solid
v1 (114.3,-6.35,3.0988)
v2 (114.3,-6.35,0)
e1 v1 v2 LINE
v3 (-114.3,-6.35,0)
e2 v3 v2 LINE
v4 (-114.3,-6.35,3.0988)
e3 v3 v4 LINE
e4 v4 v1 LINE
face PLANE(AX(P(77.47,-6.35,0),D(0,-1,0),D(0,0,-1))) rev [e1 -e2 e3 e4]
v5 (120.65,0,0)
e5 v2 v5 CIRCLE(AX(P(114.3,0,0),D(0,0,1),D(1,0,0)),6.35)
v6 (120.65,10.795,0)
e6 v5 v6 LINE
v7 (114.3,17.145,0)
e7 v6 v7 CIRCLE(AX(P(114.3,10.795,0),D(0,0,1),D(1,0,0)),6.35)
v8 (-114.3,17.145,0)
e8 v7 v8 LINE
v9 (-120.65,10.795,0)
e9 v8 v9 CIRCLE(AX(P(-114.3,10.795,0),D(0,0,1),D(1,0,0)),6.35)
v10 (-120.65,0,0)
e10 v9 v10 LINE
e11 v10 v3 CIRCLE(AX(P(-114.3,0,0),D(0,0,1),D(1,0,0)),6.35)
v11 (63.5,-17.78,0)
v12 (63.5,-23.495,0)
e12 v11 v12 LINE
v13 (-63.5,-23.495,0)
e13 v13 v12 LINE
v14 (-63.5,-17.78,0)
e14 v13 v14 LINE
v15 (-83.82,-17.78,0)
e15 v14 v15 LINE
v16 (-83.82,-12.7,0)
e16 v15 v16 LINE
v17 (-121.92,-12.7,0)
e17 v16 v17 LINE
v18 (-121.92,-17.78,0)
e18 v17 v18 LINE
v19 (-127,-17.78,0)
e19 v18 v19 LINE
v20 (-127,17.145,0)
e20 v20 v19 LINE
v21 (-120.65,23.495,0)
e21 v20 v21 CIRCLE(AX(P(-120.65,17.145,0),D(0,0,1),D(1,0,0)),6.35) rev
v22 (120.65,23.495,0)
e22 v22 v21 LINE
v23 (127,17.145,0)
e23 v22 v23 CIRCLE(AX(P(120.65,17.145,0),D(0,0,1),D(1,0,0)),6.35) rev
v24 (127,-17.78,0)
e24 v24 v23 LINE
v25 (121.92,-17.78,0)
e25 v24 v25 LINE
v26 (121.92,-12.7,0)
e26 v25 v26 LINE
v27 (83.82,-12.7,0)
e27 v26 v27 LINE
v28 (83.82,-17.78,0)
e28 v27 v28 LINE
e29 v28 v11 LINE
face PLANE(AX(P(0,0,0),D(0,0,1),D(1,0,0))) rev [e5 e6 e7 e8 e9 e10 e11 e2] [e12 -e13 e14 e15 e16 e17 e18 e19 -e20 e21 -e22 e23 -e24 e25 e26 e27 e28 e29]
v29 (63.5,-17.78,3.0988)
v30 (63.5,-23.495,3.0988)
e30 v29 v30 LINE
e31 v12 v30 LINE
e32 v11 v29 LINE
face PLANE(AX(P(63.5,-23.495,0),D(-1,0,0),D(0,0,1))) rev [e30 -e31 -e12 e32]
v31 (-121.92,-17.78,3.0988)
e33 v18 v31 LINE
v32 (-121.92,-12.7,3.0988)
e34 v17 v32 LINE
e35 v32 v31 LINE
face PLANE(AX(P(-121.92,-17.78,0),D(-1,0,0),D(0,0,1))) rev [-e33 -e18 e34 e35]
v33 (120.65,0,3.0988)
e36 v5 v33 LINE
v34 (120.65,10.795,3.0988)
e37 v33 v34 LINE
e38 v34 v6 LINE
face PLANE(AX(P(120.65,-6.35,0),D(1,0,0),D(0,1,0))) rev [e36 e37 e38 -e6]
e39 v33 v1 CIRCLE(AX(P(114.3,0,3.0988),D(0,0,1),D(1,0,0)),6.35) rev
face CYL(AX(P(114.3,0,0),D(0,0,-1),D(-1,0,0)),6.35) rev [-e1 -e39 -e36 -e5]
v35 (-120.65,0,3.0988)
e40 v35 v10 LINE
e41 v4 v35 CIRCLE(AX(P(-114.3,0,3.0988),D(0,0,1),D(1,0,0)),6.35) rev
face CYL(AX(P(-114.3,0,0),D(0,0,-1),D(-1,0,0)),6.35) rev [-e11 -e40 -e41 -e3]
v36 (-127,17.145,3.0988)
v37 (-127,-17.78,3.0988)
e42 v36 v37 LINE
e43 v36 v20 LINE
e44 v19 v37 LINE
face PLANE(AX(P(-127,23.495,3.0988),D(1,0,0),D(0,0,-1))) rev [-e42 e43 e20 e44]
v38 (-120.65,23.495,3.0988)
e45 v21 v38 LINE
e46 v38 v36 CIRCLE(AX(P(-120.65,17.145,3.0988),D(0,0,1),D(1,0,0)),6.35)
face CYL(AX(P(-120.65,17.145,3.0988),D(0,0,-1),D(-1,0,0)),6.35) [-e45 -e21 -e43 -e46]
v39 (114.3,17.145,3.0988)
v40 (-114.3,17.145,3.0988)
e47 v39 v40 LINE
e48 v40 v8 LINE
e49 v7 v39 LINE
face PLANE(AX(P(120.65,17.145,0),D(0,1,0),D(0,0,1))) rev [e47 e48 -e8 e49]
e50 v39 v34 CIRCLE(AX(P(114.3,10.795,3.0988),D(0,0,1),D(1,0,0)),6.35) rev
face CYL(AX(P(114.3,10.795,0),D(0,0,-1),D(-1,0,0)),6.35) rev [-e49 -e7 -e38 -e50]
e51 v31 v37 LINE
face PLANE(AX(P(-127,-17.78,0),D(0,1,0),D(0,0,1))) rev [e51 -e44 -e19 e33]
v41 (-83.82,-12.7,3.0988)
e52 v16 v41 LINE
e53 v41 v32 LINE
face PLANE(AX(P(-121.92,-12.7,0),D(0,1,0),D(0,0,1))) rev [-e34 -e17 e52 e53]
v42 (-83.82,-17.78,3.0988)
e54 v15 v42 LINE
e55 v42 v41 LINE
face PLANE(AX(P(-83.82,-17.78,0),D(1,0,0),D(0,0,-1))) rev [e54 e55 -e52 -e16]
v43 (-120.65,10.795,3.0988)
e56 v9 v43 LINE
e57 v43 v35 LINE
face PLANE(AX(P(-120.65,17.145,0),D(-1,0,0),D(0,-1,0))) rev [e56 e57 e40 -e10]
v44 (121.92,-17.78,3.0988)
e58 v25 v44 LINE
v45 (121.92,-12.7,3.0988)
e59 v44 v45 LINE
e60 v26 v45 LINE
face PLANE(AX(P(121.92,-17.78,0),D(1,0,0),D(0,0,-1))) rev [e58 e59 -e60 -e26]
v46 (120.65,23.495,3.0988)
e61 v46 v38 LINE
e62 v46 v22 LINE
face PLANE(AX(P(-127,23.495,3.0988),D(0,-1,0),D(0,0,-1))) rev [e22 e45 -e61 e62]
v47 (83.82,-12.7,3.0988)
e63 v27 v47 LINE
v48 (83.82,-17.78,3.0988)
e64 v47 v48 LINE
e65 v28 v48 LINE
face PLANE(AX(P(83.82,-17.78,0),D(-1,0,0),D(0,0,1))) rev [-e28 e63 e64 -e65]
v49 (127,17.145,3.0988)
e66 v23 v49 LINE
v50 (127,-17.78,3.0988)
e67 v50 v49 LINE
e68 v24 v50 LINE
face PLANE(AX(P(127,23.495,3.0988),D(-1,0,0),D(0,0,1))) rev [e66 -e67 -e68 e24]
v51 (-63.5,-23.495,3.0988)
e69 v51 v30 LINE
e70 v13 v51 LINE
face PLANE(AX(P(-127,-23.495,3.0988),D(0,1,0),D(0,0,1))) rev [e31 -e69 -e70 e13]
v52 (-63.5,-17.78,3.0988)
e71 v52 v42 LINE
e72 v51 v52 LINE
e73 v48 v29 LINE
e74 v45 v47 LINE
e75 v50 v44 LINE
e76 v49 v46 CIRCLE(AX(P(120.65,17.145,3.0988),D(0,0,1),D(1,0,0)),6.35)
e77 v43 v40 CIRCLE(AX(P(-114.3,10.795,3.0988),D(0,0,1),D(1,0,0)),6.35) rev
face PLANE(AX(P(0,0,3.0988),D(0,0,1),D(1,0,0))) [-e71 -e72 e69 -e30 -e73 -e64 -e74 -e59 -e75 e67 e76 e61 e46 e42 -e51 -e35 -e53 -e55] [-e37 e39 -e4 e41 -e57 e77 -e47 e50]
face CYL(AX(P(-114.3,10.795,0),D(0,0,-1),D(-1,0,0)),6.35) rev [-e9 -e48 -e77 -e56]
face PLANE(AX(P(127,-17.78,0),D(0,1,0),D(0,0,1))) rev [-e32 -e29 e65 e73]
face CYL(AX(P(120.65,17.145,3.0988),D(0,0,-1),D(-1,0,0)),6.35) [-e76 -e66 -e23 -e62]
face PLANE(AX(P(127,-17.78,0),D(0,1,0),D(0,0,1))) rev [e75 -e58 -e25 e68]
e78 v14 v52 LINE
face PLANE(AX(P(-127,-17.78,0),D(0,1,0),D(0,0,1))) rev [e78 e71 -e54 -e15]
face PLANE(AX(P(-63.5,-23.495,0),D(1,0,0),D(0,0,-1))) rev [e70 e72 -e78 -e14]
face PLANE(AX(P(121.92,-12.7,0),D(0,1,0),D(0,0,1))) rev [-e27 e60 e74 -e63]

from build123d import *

# Parameters (mm, degrees)
SKETCH1_W           = 254
SKETCH1_H           = 46.99
BOSS_EXTRUDE1_DEPTH = 3.0988
FILLET1_R           = 6.35
SKETCH2_W           = 63.5
SKETCH2_H           = 5.715
CUT_EXTRUDE1_DEPTH  = 130.192173085
SKETCH3_W           = 38.1
SKETCH3_H           = 5.08
CUT_EXTRUDE2_DEPTH  = 130.192173085
CUT_EXTRUDE3_DEPTH  = 130.192173085
FILLET2_R           = 6.35


with BuildPart() as part:
    # Sketch1 → Boss-Extrude1 (new body)
    with BuildSketch(Plane.XY):
        Rectangle(SKETCH1_W, SKETCH1_H)
    extrude(amount=BOSS_EXTRUDE1_DEPTH)

    # Fillet1
    fillet1_edges = [part.edges().sort_by_distance(p)[0] for p in [
        (-127, 23.495, 1.5494),
        (127, 23.495, 1.5494),
    ]]
    fillet(fillet1_edges, radius=FILLET1_R)

    # Sketch2 → Cut-Extrude1 (cut, through all)
    with BuildSketch(Plane.XY.offset(3.0988)):
        with Locations((-95.25, -20.6375)):
            Rectangle(SKETCH2_W, SKETCH2_H)
        with Locations((95.25, -20.6375)):
            Rectangle(SKETCH2_W, SKETCH2_H)
    extrude(amount=-CUT_EXTRUDE1_DEPTH, mode=Mode.SUBTRACT)

    # Sketch3 → Cut-Extrude2 (cut, through all)
    with BuildSketch(Plane.XY.offset(3.0988)):
        with Locations((-102.87, -15.24)):
            Rectangle(SKETCH3_W, SKETCH3_H)
        with Locations((102.87, -15.24)):
            Rectangle(SKETCH3_W, SKETCH3_H)
    extrude(amount=-CUT_EXTRUDE2_DEPTH, mode=Mode.SUBTRACT)

    # Sketch4 → Cut-Extrude3 (cut, through all)
    with BuildSketch(Plane.XY.offset(3.0988)):
        Polygon((-77.47, -6.35), (77.47, -6.35), (120.65, -6.35), (120.65, 17.145), (-120.65, 17.145), (-120.65, -6.35), align=None)
    extrude(amount=-CUT_EXTRUDE3_DEPTH, mode=Mode.SUBTRACT)

    # Fillet2
    fillet2_edges = [part.edges().sort_by_distance(p)[0] for p in [
        (-120.65, 17.145, 1.5494),
        (120.65, 17.145, 1.5494),
        (120.65, -6.35, 1.5494),
        (-120.65, -6.35, 1.5494),
    ]]
    fillet(fillet2_edges, radius=FILLET2_R)


solid = part.part
